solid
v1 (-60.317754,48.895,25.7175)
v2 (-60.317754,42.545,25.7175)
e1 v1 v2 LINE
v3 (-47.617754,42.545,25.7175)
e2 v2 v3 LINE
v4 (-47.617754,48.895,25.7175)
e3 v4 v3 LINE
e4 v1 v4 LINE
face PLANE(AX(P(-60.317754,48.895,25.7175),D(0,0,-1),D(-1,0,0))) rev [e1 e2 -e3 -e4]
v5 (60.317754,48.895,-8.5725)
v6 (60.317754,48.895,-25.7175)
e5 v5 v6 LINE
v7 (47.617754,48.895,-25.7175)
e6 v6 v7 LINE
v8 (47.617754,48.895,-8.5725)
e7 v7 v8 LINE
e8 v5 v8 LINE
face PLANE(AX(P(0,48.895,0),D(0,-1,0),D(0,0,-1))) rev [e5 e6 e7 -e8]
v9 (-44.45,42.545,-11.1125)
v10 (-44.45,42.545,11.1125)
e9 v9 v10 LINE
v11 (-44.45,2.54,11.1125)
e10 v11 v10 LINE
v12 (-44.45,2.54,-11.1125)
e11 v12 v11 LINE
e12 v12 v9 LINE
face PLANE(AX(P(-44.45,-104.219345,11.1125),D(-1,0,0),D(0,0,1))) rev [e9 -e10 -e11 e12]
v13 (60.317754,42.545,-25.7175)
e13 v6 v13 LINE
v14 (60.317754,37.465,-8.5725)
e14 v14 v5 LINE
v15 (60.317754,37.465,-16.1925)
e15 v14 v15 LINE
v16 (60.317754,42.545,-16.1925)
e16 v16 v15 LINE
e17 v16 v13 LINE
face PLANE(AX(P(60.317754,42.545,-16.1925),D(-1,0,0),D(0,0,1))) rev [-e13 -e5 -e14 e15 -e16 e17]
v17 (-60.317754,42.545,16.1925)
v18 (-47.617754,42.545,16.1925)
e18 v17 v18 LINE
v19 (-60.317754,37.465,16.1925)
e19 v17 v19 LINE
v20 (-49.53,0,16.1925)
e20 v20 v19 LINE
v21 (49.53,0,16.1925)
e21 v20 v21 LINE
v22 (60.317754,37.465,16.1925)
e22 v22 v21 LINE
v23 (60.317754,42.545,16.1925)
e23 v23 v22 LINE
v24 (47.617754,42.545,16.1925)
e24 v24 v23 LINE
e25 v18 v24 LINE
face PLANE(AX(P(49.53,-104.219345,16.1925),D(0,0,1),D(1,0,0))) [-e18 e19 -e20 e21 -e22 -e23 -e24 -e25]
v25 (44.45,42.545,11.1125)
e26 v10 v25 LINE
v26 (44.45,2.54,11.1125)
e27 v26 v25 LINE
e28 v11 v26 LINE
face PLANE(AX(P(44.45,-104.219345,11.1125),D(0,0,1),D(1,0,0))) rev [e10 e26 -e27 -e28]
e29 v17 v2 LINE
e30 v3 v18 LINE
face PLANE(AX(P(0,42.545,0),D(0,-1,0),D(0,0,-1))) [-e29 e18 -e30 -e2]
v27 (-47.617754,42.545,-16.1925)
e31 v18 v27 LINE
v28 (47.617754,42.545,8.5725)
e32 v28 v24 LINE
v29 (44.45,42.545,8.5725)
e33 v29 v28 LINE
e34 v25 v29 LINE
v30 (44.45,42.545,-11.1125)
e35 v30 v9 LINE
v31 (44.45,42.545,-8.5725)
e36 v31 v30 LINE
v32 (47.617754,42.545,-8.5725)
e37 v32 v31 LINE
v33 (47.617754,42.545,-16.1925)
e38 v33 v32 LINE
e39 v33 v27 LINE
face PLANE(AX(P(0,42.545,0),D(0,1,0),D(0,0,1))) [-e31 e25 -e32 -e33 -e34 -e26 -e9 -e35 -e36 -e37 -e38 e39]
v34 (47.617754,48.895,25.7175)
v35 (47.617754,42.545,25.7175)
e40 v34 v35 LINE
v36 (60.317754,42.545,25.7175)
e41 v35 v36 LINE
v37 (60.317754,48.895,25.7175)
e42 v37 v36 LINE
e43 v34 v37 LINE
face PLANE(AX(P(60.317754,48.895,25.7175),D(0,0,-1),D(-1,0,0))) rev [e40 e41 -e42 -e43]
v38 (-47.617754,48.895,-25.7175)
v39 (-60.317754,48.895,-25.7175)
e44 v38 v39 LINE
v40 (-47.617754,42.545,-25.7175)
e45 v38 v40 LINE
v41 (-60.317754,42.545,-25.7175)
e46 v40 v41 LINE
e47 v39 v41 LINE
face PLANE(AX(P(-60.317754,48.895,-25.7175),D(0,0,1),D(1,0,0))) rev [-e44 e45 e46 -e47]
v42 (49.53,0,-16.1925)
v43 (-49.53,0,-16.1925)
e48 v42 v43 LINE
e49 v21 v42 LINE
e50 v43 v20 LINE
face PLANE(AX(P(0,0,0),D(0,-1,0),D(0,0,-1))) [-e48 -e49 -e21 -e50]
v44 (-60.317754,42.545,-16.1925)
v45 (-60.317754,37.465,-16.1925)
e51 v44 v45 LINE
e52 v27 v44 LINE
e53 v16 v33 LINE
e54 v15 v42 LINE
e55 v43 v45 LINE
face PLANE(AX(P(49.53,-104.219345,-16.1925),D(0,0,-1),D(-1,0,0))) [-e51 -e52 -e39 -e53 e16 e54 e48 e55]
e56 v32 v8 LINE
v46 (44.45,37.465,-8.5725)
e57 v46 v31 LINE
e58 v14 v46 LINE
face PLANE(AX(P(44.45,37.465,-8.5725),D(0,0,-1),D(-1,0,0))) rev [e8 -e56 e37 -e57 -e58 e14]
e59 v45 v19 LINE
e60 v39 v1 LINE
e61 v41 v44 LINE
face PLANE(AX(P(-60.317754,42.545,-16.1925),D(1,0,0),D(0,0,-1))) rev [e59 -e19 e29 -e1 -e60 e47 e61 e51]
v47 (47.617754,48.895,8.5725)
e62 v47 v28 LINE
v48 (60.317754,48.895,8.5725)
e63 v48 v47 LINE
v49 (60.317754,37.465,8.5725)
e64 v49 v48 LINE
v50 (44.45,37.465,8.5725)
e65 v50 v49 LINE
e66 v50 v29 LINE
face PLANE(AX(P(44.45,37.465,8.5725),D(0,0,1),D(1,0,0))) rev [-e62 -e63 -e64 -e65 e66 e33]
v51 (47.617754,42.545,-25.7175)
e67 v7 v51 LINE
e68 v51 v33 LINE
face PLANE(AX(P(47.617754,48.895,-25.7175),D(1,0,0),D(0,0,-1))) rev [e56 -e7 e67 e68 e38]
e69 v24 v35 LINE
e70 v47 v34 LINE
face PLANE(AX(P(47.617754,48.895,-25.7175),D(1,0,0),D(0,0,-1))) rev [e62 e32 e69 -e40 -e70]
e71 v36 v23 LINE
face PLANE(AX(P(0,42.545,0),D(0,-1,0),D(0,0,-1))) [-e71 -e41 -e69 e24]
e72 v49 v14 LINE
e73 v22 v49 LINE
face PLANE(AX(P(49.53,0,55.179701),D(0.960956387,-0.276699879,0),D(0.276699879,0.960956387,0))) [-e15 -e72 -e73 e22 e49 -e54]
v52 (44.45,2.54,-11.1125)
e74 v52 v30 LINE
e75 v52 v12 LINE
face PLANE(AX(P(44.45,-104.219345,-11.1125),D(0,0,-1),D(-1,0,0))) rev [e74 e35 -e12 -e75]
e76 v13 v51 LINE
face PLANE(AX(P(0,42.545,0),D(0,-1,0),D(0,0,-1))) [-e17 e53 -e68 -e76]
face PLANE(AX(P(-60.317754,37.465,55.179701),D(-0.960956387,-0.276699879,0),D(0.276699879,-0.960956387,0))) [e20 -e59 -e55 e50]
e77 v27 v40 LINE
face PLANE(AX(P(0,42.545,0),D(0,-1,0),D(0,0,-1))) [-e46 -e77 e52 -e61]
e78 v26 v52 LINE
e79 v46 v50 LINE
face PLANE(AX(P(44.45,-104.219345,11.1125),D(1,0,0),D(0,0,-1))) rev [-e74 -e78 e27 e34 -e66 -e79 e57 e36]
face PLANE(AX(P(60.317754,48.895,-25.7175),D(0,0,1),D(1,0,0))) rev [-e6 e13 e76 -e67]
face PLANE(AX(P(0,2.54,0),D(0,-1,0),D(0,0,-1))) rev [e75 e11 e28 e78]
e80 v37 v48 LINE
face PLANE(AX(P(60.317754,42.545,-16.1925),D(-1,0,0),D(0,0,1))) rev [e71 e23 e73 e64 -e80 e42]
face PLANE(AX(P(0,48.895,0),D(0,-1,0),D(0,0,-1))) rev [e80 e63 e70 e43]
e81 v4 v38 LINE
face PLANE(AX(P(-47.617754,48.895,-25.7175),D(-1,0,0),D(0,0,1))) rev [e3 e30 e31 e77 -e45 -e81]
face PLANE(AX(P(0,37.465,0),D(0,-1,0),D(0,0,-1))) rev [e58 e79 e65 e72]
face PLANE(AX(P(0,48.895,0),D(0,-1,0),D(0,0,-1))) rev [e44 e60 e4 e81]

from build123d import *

# Parameters (mm, degrees)
SKETCH1_W                = 88.9
SKETCH1_H                = 22.225
BOSS_EXTRUDE1_DEPTH      = 2.54
SKETCH2_W                = 99.06
SKETCH2_H                = 32.385
SKETCH2_W_2              = 88.9
SKETCH2_H_2              = 22.225
BOSS_EXTRUDE3_DEPTH      = 34.925
BOSS_EXTRUDE3_DEPTH_BACK = 2.54
SKETCH4_W                = 120.635507722
SKETCH4_H                = 32.385
SKETCH4_W_2              = 88.9
SKETCH4_H_2              = 22.225
BOSS_EXTRUDE4_DEPTH      = 5.08
SKETCH5_W                = 12.7
SKETCH5_H                = 51.435
BOSS_EXTRUDE5_DEPTH      = 6.35
BOSS_EXTRUDE6_DEPTH      = 32.385
SKETCH7_W                = 15.867753861
SKETCH7_H                = 17.145
CUT_EXTRUDE1_DEPTH       = 11.43


with BuildPart() as part:
    # Sketch1 → Boss-Extrude1 (new body)
    with BuildSketch(Plane(origin=(0, 0, 0), x_dir=(1, 0, 0), z_dir=(0, 1, 0))):
        Rectangle(SKETCH1_W, SKETCH1_H)
    extrude(amount=BOSS_EXTRUDE1_DEPTH)

    # Sketch2 → Boss-Extrude3 (add, two sides)
    with BuildSketch(Plane(origin=(0, 2.54, 0), x_dir=(1, 0, 0), z_dir=(0, 1, 0))) as boss_extrude3_sk:
        Rectangle(SKETCH2_W, SKETCH2_H)
        Rectangle(SKETCH2_W_2, SKETCH2_H_2, mode=Mode.SUBTRACT)
    extrude(amount=BOSS_EXTRUDE3_DEPTH)
    extrude(boss_extrude3_sk.sketch, amount=-BOSS_EXTRUDE3_DEPTH_BACK)

    # Sketch4 → Boss-Extrude4 (add)
    with BuildSketch(Plane(origin=(0, 37.465, 0), x_dir=(1, 0, 0), z_dir=(0, 1, 0))):
        Rectangle(SKETCH4_W, SKETCH4_H)
        Rectangle(SKETCH4_W_2, SKETCH4_H_2, mode=Mode.SUBTRACT)
    extrude(amount=BOSS_EXTRUDE4_DEPTH)

    # Sketch5 → Boss-Extrude5 (add)
    with BuildSketch(Plane(origin=(0, 42.545, 0), x_dir=(1, 0, 0), z_dir=(0, 1, 0))):
        with Locations((53.967753861, 0)):
            Rectangle(SKETCH5_W, SKETCH5_H)
        with Locations((-53.967753861, 0)):
            Rectangle(SKETCH5_W, SKETCH5_H)
    extrude(amount=BOSS_EXTRUDE5_DEPTH)

    # Sketch6 → Boss-Extrude6 (add)
    with BuildSketch(Plane(origin=(0, 0, -16.1925), x_dir=(-1, 0, 0), z_dir=(0, 0, -1))):
        Polygon((-49.53, 0), (-60.317753861, 37.465), (-49.53, 37.465), align=None)
        Polygon((49.53, 37.465), (60.317753861, 37.465), (49.53, 0), align=None)
    extrude(amount=-BOSS_EXTRUDE6_DEPTH)

    # Sketch7 → Cut-Extrude1 (cut)
    with BuildSketch(Plane(origin=(0, 48.895, 0), x_dir=(1, 0, 0), z_dir=(0, 1, 0))):
        with Locations((52.383876931, 0)):
            Rectangle(SKETCH7_W, SKETCH7_H)
    extrude(amount=-CUT_EXTRUDE1_DEPTH, mode=Mode.SUBTRACT)


solid = part.part
